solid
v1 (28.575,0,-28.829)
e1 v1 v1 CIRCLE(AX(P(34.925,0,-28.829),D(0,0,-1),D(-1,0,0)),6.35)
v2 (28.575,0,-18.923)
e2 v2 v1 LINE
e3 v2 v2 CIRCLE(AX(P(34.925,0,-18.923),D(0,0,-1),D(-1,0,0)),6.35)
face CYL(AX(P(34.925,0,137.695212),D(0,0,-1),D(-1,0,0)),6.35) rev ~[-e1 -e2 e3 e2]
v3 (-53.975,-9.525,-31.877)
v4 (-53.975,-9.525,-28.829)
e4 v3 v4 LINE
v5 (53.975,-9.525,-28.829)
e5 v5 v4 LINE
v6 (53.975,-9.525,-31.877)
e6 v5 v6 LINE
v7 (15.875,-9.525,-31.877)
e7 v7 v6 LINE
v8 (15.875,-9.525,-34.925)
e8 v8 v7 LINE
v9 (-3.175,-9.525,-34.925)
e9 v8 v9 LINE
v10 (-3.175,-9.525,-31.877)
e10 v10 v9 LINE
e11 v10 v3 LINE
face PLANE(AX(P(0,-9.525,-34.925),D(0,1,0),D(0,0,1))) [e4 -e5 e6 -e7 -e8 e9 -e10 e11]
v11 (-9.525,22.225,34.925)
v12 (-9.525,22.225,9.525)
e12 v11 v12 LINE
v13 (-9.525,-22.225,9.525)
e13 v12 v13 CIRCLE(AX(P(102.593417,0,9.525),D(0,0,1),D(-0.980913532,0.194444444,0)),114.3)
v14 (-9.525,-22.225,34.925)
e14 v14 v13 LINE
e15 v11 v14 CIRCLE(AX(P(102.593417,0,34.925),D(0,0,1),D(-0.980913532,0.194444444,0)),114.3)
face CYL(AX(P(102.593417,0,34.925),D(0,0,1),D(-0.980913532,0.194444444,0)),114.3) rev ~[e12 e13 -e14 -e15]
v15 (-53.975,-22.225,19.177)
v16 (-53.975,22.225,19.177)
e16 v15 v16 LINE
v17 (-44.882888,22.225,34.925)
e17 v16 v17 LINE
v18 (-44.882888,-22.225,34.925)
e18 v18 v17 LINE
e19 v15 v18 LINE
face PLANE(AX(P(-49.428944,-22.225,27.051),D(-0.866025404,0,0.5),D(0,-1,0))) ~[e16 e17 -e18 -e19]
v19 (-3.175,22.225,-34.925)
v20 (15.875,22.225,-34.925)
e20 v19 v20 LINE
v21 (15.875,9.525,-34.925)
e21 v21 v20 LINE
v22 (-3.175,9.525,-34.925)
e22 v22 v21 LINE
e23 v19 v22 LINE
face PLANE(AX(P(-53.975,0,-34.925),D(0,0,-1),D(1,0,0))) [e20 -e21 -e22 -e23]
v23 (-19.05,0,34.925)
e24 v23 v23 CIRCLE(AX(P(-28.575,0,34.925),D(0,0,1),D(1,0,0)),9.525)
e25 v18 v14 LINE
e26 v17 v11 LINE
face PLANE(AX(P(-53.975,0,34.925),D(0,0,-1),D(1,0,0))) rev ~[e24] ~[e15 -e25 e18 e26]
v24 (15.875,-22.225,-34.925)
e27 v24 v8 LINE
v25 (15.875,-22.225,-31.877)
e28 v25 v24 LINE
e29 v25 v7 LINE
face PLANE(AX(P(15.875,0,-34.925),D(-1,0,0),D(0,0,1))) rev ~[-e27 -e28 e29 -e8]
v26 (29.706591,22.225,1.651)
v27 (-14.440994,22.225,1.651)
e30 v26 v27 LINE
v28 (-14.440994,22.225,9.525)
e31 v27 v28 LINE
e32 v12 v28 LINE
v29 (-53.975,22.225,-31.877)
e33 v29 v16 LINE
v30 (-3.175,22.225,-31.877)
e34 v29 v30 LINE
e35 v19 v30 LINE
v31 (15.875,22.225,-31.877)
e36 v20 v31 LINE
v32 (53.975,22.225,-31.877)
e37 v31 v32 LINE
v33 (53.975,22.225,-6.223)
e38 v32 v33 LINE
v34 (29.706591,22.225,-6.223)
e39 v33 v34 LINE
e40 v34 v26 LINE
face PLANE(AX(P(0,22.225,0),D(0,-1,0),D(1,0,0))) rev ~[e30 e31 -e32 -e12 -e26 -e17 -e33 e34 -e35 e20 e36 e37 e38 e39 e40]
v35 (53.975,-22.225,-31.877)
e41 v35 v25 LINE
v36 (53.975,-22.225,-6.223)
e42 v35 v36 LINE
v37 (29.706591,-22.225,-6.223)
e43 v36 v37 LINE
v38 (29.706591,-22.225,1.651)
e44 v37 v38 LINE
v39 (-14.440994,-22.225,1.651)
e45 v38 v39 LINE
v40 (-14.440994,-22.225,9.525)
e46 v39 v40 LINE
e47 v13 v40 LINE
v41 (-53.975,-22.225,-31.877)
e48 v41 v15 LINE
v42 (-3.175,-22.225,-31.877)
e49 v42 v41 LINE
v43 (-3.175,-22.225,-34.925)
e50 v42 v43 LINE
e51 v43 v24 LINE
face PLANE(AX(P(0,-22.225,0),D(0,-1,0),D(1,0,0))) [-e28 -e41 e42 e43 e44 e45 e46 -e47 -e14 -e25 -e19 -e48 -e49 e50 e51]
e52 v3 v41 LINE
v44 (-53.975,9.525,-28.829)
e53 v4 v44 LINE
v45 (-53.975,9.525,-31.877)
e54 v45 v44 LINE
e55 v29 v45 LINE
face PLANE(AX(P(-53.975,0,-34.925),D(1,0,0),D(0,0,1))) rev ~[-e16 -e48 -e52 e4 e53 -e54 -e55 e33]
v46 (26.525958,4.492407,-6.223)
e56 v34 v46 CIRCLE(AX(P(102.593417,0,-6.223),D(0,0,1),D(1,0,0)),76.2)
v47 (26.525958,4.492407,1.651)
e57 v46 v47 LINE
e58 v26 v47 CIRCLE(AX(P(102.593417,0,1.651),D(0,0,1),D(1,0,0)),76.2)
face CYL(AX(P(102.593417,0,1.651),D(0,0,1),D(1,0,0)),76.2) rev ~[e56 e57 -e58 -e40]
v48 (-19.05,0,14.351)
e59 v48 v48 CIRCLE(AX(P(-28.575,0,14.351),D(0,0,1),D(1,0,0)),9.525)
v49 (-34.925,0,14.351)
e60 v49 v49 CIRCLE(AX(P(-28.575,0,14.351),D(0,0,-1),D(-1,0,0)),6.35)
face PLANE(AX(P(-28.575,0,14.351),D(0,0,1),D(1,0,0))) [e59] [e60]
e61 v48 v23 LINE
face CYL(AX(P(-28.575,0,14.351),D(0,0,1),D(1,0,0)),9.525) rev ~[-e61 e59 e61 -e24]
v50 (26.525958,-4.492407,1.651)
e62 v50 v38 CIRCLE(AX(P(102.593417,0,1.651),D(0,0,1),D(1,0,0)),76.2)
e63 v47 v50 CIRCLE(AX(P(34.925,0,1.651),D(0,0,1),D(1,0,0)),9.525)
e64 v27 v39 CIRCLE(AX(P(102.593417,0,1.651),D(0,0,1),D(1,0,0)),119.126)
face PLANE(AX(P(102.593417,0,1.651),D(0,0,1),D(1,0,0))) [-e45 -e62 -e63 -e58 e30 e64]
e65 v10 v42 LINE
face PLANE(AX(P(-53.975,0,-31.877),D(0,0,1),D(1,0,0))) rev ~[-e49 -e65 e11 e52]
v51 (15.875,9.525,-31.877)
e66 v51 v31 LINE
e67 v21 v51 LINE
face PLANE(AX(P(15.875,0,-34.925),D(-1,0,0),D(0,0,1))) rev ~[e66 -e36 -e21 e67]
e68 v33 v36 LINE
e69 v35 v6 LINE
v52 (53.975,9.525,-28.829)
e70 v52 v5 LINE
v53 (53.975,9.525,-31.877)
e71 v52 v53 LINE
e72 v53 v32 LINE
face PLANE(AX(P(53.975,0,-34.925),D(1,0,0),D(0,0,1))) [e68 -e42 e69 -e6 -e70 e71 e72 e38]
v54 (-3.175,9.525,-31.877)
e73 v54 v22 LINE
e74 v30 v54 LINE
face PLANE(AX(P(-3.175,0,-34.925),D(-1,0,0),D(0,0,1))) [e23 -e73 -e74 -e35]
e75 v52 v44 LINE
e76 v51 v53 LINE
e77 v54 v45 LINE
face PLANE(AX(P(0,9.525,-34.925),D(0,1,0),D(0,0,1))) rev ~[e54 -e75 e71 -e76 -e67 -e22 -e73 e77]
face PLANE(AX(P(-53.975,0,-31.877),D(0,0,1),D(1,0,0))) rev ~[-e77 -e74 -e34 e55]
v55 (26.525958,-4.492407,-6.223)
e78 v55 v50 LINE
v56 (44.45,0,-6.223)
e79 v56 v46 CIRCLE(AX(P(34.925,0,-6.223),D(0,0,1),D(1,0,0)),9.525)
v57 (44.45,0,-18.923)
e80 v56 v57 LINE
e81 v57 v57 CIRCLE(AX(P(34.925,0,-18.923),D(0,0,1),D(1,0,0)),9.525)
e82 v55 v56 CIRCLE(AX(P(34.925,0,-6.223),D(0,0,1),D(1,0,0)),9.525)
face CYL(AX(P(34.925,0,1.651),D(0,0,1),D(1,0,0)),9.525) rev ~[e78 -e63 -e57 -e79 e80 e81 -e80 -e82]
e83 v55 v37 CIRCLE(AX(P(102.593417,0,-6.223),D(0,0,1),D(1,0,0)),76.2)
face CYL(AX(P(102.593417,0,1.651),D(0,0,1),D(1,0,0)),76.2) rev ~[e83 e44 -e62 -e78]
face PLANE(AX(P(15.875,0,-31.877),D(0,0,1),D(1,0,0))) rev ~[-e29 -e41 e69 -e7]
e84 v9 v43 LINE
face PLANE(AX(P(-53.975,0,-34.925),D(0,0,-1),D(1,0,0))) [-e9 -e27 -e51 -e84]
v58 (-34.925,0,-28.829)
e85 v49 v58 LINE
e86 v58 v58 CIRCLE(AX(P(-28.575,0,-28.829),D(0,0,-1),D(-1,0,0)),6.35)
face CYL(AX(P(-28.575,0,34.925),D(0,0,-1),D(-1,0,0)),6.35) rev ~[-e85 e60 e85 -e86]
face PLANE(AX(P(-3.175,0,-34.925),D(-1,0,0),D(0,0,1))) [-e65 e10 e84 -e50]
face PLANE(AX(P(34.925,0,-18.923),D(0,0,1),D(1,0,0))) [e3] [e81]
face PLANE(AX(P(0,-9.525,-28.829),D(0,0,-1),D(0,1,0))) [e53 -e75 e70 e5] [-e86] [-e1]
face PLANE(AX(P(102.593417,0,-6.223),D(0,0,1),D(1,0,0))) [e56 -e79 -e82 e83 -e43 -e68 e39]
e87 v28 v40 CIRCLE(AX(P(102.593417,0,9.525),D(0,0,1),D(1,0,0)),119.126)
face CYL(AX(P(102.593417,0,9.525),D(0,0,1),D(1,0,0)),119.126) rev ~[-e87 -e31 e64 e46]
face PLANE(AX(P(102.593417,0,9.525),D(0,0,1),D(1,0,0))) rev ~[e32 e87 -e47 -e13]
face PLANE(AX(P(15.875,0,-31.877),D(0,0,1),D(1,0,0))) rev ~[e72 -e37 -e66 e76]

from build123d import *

# Parameters (mm, degrees)
F0_W            = 107.95
F0_H            = 69.85
F1_DEPTH        = 22.225
F2_W            = 50.8
F2_H            = 3.048
F2_W_2          = 38.1
F3_DEPTH        = 22.226
F3_DEPTH_BACK   = 22.226
F4_W            = 19.05
F4_H            = 6.096
F5_DEPTH        = 53.976
F5_DEPTH_BACK   = 53.976
F7_DEPTH        = 25.4
F8_R            = 119.126
F9_DEPTH        = 7.874
F10_R           = 76.2
F11_DEPTH       = 7.874
F14_D           = 12.7
F14_CBORE_D     = 19.05
F14_CBORE_DEPTH = 20.574
F15_D           = 12.7
F16_R           = 9.525
F17_DEPTH       = 20.574
F18_SIZE2       = 9.0921120392
F18_SIZE        = 15.748


with BuildPart() as f1:
    # F0 (on Front) → F1 (new body, symmetric)
    with BuildSketch(Plane.XZ):
        Rectangle(F0_W, F0_H)
    extrude(amount=F1_DEPTH, both=True)

    # F2 (on Front) → F3 (cut, two sides)
    with BuildSketch(Plane.XZ) as f3_sk:
        with Locations((-28.575, -33.401)):
            Rectangle(F2_W, F2_H)
        with Locations((34.925, -33.401)):
            Rectangle(F2_W_2, F2_H)
    extrude(amount=-F3_DEPTH, mode=Mode.SUBTRACT)
    extrude(f3_sk.sketch, amount=F3_DEPTH_BACK, mode=Mode.SUBTRACT)

    # F4 (on Right) → F5 (cut, two sides)
    with BuildSketch(Plane.YZ) as f5_sk:
        with Locations((0, -31.877)):
            Rectangle(F4_W, F4_H)
    extrude(amount=F5_DEPTH, mode=Mode.SUBTRACT)
    extrude(f5_sk.sketch, amount=-F5_DEPTH_BACK, mode=Mode.SUBTRACT)

    # F6 (on face) → F7 (cut)
    with BuildSketch(Plane.XY.offset(34.925)):
        with BuildLine():
            Line((53.975, 22.225), (-9.525, 22.225))
            ThreePointArc((-9.525, 22.225), (-11.7065832479, 0), (-9.525, -22.225))
            Line((-9.525, -22.225), (53.975, -22.225))
            Line((53.975, -22.225), (53.975, 22.225))
        make_face()
    extrude(amount=-F7_DEPTH, mode=Mode.SUBTRACT)

    # F8 (on face) → F9 (cut)
    with BuildSketch(Plane.XY.offset(9.525)):
        with Locations((102.5934167521, 0)):
            Circle(F8_R)
    extrude(amount=-F9_DEPTH, mode=Mode.SUBTRACT)

    # F10 (on face) → F11 (cut)
    with BuildSketch(Plane.XY.offset(1.651)):
        with Locations((102.5934167521, 0)):
            Circle(F10_R)
    extrude(amount=-F11_DEPTH, mode=Mode.SUBTRACT)

    # F14 (through all)
    with Locations(Plane.XY.offset(34.925)):
        with Locations((-28.575, 0)):
            CounterBoreHole(F14_D / 2, F14_CBORE_D / 2, F14_CBORE_DEPTH)

    # F15 (through all)
    with Locations(Plane.XY.offset(1.651)):
        with Locations((34.925, 0)):
            Hole(F15_D / 2)

    # F16 (on face) → F17 (cut)
    with BuildSketch(Plane.XY.offset(1.651)):
        with Locations((34.925, 0)):
            Circle(F16_R)
    extrude(amount=-F17_DEPTH, mode=Mode.SUBTRACT)

    # F18
    f18_edges = [f1.edges().sort_by_distance(p)[0] for p in [
        (-53.975, 0, 34.925),
    ]]
    f18_side = f1.faces().sort_by_distance((-53.975, 0, 2.159774))[0]
    chamfer(f18_edges, length=F18_SIZE, length2=F18_SIZE2, reference=f18_side)


solid = f1.part
